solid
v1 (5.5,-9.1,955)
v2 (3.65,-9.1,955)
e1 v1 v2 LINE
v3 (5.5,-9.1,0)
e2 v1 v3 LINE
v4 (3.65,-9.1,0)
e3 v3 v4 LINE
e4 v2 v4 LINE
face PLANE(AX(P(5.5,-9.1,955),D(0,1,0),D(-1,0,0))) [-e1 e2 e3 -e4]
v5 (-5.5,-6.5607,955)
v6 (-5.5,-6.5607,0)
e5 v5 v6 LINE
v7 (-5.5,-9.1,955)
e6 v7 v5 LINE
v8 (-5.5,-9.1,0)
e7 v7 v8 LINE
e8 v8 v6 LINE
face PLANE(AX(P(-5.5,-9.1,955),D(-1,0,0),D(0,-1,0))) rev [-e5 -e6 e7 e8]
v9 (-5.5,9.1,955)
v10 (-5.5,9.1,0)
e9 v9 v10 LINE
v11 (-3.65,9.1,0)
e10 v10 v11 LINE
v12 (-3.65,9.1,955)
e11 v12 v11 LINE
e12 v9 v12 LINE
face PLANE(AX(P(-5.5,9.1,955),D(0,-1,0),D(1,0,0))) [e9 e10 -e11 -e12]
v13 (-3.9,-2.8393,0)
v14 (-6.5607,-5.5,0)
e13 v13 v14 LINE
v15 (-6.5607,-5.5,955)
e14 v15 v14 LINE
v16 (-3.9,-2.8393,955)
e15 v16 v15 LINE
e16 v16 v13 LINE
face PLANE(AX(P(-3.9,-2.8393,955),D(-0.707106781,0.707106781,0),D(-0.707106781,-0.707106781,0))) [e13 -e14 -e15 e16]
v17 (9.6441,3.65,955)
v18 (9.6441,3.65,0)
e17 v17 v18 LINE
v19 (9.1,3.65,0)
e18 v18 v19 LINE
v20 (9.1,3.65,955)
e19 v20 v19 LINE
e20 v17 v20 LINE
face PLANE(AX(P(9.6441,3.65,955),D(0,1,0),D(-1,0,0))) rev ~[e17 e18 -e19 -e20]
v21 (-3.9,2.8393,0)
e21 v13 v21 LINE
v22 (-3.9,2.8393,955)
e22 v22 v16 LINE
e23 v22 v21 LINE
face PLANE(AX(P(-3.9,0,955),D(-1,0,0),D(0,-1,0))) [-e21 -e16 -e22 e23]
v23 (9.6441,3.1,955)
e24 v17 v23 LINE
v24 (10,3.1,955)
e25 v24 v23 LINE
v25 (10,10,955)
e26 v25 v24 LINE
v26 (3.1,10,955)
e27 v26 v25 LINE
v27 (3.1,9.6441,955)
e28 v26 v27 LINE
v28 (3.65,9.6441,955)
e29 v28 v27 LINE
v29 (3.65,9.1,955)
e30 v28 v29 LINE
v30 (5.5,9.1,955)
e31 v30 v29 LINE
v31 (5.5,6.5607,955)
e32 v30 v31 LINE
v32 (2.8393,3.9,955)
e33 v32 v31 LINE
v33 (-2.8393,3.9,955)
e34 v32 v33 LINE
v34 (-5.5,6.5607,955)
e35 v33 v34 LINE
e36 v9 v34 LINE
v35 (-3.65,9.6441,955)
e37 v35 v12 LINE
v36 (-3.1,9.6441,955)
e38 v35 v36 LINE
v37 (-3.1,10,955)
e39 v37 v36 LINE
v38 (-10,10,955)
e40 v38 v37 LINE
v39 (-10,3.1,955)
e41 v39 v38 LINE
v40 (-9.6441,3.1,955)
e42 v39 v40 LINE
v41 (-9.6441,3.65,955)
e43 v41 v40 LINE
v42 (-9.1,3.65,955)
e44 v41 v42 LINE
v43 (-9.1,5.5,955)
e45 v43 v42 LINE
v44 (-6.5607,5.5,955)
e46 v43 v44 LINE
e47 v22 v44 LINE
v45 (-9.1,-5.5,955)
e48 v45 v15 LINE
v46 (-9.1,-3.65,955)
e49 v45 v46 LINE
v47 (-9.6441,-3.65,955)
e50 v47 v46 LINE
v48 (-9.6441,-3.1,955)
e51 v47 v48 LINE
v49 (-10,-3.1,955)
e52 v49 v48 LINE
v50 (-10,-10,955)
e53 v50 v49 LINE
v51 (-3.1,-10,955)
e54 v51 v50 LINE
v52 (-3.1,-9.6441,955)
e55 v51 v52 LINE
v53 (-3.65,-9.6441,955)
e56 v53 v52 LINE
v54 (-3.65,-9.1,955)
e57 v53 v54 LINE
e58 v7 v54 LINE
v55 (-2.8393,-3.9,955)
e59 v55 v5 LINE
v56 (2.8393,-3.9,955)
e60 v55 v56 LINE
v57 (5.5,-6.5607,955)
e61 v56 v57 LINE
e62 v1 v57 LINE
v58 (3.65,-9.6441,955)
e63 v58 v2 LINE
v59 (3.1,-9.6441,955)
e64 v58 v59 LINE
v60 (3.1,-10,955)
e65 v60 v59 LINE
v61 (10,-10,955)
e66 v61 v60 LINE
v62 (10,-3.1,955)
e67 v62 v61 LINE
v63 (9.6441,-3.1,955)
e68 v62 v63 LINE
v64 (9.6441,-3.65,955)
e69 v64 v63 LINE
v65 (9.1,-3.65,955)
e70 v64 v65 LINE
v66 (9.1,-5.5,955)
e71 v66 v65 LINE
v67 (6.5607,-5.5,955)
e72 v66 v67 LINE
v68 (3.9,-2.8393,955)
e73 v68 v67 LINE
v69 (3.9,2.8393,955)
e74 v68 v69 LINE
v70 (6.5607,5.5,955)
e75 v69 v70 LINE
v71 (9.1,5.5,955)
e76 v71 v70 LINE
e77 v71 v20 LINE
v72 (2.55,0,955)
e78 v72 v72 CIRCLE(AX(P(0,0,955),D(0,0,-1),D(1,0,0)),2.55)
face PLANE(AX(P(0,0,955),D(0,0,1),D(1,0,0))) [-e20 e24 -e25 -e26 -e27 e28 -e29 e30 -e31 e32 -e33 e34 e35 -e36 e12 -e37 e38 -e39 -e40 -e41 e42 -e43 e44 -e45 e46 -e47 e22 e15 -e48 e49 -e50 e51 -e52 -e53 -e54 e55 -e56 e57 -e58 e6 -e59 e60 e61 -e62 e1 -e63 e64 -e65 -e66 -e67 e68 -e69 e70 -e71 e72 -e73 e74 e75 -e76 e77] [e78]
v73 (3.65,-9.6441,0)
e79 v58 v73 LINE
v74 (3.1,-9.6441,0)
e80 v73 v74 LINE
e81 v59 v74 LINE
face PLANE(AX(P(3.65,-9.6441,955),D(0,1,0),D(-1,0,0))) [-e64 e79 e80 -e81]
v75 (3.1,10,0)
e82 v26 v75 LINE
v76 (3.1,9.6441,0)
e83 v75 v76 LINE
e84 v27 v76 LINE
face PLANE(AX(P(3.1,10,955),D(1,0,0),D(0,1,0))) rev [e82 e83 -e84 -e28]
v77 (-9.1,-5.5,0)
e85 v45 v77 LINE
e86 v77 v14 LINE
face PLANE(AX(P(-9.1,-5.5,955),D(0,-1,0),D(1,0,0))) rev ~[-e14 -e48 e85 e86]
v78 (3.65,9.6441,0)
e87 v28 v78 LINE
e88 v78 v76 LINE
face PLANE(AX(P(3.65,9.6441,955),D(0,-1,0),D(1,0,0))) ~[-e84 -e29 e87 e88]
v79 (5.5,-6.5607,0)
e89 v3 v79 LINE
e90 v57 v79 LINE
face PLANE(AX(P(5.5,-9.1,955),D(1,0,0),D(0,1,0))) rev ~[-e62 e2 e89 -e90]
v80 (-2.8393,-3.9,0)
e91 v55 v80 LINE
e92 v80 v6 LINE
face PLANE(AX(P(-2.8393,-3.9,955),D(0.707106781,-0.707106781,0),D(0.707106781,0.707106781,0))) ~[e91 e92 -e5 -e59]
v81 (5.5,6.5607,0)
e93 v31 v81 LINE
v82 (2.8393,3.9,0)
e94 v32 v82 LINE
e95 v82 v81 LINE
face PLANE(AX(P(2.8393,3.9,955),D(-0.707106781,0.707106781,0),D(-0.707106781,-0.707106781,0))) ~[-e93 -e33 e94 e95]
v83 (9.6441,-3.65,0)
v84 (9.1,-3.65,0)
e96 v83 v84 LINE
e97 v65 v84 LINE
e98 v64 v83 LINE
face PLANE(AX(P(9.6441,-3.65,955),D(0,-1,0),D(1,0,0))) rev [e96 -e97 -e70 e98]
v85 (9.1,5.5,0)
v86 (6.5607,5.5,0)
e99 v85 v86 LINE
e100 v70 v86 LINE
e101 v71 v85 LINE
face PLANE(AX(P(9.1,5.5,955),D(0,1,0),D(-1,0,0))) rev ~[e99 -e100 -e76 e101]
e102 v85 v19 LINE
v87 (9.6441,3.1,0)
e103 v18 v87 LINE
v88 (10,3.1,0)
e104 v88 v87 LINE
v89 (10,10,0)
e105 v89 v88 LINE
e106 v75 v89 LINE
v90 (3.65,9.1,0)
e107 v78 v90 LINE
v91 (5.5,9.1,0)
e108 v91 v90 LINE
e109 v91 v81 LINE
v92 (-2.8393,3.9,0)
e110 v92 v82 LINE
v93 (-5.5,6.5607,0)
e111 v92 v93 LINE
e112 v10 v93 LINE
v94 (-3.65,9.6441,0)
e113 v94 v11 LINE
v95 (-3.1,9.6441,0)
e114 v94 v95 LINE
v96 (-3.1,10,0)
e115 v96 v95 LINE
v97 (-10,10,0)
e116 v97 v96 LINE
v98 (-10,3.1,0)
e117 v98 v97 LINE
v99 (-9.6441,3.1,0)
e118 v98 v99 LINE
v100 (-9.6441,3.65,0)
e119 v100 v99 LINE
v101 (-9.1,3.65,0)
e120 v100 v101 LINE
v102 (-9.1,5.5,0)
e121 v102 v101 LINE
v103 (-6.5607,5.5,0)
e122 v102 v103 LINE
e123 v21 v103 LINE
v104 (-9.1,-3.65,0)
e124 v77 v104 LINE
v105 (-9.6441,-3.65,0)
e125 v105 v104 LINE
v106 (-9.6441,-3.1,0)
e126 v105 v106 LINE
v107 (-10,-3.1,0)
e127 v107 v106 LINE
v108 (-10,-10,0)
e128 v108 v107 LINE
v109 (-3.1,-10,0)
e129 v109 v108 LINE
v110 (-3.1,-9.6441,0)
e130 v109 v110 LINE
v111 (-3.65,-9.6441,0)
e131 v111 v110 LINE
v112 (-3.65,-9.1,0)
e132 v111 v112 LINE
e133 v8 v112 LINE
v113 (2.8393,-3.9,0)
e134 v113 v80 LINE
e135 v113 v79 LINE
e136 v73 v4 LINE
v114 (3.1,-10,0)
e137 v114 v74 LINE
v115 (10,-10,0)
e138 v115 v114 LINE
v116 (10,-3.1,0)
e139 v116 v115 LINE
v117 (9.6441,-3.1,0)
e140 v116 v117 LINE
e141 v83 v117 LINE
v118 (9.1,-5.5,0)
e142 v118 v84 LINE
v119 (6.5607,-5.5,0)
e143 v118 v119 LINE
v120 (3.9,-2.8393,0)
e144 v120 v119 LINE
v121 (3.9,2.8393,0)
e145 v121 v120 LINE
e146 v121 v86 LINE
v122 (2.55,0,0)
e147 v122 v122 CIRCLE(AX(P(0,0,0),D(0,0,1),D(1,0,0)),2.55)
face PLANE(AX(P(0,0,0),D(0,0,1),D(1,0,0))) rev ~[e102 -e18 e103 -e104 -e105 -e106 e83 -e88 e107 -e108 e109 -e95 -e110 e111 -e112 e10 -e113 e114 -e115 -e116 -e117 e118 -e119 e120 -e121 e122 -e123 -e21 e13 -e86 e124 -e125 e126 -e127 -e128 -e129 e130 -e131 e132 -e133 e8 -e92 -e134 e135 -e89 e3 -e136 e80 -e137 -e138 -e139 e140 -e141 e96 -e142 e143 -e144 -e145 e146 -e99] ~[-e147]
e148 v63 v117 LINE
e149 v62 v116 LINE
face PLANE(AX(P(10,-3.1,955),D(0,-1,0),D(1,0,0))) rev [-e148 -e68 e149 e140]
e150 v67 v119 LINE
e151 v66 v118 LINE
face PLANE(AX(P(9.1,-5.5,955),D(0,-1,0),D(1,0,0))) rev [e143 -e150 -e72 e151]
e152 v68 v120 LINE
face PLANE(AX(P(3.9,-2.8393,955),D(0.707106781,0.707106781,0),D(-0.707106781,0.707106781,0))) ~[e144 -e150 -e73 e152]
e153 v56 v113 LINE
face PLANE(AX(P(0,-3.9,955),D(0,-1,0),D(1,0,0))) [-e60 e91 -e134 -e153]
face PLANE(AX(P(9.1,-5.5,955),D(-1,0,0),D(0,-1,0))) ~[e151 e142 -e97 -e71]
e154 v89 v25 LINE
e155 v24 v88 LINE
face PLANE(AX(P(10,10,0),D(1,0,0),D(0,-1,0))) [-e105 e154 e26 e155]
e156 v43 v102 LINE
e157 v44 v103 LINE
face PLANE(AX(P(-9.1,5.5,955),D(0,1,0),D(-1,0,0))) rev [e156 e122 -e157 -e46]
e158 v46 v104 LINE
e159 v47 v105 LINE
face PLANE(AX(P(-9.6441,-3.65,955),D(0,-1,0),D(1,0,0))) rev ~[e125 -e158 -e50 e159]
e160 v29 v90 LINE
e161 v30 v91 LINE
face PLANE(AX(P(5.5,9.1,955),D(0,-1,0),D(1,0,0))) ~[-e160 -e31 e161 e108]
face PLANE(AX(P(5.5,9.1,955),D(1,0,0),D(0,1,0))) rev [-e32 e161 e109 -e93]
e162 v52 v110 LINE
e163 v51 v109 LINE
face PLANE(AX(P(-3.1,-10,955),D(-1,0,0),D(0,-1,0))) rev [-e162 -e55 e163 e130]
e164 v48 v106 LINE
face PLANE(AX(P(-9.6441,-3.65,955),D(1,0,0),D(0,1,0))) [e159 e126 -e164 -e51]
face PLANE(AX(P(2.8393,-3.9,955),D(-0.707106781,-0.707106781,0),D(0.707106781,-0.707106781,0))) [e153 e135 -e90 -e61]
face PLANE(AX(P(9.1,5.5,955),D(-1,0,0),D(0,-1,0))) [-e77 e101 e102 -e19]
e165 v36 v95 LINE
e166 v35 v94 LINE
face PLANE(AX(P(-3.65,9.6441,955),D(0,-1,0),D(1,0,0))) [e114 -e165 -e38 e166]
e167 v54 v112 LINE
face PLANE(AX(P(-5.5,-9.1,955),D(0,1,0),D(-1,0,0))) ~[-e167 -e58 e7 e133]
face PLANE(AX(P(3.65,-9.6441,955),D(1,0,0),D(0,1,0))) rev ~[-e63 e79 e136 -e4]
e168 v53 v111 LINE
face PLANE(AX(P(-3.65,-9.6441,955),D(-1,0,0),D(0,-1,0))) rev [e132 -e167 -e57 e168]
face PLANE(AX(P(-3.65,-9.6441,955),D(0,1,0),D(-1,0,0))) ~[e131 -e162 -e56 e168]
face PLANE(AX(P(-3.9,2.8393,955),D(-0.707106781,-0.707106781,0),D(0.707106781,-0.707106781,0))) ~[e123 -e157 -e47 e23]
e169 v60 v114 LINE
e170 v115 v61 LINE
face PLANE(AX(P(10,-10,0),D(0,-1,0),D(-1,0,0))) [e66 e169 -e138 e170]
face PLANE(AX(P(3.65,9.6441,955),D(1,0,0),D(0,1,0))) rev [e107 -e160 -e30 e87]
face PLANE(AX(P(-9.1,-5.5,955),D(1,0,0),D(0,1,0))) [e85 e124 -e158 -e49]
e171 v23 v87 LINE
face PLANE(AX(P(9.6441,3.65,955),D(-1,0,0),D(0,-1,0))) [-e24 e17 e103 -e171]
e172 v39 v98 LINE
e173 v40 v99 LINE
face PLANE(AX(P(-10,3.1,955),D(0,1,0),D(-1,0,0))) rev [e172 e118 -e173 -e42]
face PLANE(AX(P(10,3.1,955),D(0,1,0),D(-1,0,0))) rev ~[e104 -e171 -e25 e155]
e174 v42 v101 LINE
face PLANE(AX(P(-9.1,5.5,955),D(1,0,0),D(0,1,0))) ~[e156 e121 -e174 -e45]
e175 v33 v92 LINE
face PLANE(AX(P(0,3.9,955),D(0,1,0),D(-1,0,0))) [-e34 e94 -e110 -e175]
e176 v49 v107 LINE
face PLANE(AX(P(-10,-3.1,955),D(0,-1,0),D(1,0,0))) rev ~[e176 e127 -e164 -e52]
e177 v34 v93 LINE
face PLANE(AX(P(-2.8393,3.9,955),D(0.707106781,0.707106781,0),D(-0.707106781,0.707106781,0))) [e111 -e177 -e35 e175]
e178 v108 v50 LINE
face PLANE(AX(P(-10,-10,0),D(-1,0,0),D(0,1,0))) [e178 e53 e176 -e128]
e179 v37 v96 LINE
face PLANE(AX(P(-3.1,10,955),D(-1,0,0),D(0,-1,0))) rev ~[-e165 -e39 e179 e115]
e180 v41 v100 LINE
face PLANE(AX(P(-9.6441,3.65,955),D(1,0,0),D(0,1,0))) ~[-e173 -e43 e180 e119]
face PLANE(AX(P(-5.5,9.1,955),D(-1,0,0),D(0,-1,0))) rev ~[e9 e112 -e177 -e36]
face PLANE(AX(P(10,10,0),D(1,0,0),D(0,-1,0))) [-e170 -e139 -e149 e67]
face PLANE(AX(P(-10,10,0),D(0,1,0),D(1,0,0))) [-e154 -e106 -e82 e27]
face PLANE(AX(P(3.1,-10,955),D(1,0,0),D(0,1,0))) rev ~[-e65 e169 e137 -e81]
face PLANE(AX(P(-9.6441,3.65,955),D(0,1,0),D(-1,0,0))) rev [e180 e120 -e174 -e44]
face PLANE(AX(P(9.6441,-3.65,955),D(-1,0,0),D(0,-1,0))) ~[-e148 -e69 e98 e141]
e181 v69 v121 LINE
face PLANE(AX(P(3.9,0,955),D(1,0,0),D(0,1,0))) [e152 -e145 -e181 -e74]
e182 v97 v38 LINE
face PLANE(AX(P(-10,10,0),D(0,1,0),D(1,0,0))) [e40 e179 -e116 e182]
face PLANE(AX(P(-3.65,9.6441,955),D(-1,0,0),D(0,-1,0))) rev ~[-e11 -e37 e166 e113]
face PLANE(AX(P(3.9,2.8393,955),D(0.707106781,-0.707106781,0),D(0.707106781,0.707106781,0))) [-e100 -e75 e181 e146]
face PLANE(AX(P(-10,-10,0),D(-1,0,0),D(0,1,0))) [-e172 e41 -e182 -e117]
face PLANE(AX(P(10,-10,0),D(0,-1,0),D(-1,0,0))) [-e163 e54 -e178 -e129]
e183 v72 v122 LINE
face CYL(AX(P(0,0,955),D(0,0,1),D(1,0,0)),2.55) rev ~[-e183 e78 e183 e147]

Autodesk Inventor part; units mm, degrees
ref_plane "YZ Plane" through (0, 0, 0) normal (1, 0, 0) x (0, 1, 0)
ref_plane "XZ Plane" through (0, 0, 0) normal (0, 1, 0) x (-1, 0, 0)
ref_plane "XY Plane" through (0, 0, 0) normal (0, 0, 1) x (1, 0, 0)
sketch "草图1" plane through (0, 0, 0) normal (0, 0, 1) x (1, 0, 0)
  line L0 (10, -10) -> (-10, -10)
  line L1 (-10, -10) -> (-10, 10)
  line L2 (-10, 10) -> (10, 10)
  line L3 (10, 10) -> (10, -10)
  line L4 (10, -10) -> (-10, 10) construction
  line L5 (-10, -10) -> (10, 10) construction
  point P0 (0, 0)
  dimension "d0" = 20
  dimension "d1" = 20
extrude "拉伸1" add sketch "草图1" along normal blind 955
sketch "草图2" plane through (0, 0, 955) normal (0, 0, 1) x (1, 0, 0)
  circle A0 centre (0, 0) radius 2.55
  line L0 (-11.0615, 0) -> (0, 0)
  line L1 (0, 0) -> (0, 11.55)
  line L2 (-10, 10) -> (-10, -10)
  line L3 (10, 10) -> (-10, 10)
  line L4 (0, 3.9) -> (-3.9, 3.9)
  line L5 (-3.9, 3.9) -> (-3.9, 0)
  line L6 (-10, 10) -> (0, 0)
  line L7 (0, 1.0607) -> (-8.9393, 10)
  line L8 (-1.0607, 0) -> (-10, 8.9393)
  line L9 (-10, 10) -> (-3.1, 10)
  line L10 (-10, 3.1) -> (-10, 10)
  line L11 (-10, 10) -> (-3.65, 10)
  line L12 (-10, 3.65) -> (-10, 10)
  line L13 (-5.5, 12.0125) -> (-5.5, 5.5)
  line L14 (-10, 10) -> (-5.5, 10)
  line L15 (-5.5, 10) -> (-5.5, 5.5)
  line L16 (-5.5, 5.5) -> (-10, 5.5)
  line L17 (-10, 5.5) -> (-10, 10)
  line L18 (-5.5, 9.1) -> (0, 9.1)
  line L19 (-3.65, 10) -> (-3.65, 9.1)
  line L20 (-3.1, 10) -> (-3.1, 9.1)
  line L21 (-3.65, 9.6441) -> (-3.1, 9.6441)
  point P0 (-3.1, 9.55)
  point P1 (-2.8393, 3.9)
  point P2 (0, 10)
  point P3 (-5.5, 6.5607)
  dimension "d4" = 5.1
  dimension "d5" = 6.1
  dimension "d6" = 1.5
  dimension "d7" = 5.5
  dimension "d8" = 0.9
  dimension "d9" = 3.1
  dimension "d10" = 3.65
extrude "拉伸2" cut sketch "草图2" against normal up to surface (955 mm away) contours A0 L0 L1 | L1 L7 A0 | A0 L8 L0 | L7 L1 L6 A0 | L4 L7 L13 L18 L1 | A0 L6 L0 L8 | L18 L20 L3 L1 | L18 L19 L21 L20
mirror "镜像1" about plane through (0, 10, 955) normal (-1, 0, 0) of "拉伸2"
pattern_circular "环形阵列1" count 4 over 360 about axis through (0, 0, 955) along (0, 0, -1) of "拉伸2", "镜像1"
properties part number "铝方管2020x"
